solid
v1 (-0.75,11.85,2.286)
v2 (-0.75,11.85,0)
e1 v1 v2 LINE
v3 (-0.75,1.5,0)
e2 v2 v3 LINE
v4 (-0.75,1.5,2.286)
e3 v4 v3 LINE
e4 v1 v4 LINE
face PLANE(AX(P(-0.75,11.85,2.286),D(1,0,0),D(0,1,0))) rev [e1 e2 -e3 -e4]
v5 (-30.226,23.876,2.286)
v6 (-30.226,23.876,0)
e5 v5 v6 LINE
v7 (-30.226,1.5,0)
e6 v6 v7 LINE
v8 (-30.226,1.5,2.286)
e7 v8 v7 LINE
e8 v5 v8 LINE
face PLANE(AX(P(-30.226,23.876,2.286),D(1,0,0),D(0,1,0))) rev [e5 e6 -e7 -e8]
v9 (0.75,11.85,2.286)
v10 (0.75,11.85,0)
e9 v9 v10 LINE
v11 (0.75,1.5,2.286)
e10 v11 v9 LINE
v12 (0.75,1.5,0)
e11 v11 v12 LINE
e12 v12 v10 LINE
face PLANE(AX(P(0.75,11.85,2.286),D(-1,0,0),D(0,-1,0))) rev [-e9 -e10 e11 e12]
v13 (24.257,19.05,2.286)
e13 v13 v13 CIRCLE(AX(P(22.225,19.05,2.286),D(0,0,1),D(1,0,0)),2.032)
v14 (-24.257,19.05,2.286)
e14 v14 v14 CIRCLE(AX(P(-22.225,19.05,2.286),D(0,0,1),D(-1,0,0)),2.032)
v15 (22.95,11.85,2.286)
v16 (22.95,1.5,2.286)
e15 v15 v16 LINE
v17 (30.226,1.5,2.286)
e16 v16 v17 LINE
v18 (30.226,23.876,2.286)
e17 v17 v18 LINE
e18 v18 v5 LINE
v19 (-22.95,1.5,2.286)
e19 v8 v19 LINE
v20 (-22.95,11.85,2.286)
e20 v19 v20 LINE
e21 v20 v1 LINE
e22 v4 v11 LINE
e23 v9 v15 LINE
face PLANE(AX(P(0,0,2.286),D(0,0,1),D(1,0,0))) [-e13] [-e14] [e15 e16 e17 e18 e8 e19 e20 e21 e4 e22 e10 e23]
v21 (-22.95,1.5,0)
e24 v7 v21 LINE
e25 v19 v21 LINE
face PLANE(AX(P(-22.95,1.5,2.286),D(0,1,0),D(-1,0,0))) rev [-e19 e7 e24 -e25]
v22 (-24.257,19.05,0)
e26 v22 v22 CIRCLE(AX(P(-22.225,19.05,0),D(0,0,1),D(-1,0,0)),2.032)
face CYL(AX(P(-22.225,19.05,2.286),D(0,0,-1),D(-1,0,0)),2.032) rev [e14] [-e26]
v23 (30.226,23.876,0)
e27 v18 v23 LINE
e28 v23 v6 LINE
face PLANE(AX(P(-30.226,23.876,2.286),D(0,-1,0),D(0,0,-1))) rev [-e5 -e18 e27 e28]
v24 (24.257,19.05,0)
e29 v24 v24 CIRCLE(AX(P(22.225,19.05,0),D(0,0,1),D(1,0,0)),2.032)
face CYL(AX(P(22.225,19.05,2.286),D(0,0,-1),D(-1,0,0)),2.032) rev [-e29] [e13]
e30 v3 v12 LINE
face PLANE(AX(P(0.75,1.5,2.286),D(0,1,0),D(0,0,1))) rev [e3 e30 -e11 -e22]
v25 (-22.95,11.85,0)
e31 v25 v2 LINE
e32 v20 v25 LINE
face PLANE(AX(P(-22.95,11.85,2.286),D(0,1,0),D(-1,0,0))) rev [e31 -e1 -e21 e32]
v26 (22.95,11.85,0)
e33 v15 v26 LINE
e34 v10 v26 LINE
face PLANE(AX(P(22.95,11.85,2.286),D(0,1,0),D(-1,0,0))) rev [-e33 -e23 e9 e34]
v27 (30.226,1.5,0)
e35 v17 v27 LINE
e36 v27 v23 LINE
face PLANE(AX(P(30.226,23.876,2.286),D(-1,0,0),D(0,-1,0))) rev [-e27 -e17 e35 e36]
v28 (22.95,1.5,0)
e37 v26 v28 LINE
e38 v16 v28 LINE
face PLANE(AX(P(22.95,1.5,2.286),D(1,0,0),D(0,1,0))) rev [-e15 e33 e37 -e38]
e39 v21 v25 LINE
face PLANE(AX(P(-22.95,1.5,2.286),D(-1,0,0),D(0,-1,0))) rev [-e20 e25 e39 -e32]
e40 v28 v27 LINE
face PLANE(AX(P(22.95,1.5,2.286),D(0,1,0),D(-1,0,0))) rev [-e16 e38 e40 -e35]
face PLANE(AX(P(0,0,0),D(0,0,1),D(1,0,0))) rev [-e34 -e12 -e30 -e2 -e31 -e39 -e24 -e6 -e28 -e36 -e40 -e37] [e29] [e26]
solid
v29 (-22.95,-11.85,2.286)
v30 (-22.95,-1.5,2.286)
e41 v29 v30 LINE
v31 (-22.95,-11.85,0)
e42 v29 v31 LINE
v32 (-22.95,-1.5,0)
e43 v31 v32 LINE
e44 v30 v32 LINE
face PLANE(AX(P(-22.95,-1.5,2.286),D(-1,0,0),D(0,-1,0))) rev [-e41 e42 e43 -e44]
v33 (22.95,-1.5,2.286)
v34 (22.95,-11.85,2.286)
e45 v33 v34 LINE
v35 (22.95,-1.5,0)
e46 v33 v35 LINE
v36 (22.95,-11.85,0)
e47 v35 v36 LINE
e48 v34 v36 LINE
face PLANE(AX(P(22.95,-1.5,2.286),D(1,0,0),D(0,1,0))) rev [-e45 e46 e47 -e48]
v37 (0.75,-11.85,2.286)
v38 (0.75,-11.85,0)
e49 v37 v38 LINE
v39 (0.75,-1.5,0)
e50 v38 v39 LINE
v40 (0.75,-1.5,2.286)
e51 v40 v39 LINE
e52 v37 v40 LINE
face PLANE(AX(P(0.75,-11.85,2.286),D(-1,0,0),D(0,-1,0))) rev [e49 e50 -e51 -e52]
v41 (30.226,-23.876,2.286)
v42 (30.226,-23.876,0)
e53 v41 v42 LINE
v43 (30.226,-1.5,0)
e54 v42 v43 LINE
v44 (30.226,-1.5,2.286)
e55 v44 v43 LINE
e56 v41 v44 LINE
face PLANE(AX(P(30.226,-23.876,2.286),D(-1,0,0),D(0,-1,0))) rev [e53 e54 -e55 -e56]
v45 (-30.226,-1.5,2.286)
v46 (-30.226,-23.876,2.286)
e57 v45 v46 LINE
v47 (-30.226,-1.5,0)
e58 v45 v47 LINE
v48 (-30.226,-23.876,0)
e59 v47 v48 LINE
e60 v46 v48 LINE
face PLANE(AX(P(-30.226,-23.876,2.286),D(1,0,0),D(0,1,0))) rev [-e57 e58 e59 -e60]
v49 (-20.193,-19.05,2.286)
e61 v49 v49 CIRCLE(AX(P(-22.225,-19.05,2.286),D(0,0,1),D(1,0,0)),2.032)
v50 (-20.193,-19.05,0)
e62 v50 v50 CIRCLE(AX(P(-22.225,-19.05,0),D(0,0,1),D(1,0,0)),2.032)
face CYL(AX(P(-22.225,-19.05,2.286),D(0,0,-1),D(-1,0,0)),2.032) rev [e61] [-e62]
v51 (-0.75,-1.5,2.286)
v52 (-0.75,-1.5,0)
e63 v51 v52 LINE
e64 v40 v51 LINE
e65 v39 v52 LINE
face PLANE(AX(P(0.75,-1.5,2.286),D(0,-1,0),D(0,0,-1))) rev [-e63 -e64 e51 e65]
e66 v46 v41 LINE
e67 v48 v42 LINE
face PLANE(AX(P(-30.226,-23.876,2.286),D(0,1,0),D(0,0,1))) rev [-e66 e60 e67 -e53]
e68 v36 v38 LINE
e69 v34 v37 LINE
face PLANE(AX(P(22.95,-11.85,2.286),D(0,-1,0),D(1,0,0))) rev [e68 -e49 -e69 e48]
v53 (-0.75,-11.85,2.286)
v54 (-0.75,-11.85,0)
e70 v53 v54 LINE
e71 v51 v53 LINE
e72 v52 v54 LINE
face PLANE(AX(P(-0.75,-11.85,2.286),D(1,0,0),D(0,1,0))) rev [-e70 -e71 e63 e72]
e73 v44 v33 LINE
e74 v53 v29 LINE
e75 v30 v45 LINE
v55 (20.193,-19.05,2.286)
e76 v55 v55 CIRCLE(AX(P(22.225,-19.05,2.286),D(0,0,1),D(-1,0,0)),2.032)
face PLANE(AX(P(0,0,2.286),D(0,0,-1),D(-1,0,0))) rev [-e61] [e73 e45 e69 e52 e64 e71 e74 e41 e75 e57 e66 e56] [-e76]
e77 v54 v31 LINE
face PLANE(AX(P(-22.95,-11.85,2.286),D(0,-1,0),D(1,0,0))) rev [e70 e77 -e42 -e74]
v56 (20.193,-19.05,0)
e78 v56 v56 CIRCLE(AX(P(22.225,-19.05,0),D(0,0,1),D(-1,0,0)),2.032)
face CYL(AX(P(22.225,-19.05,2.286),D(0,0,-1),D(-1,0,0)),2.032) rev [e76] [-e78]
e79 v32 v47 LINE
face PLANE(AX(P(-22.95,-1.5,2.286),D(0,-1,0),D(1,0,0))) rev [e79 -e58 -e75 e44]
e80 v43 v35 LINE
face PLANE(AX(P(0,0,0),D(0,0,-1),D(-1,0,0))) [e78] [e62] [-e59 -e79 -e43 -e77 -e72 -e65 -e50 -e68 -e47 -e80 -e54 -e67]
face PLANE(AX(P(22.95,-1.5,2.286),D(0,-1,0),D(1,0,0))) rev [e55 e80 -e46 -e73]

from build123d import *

# Parameters (mm, degrees)
SKETCH1_R             = 2.032
BOSS_EXTRUDE1_DEPTH   = 2.286
BOSS_EXTRUDE1_2_DEPTH = 2.286


with BuildPart() as part:
    # Sketch1 → Boss-Extrude1 (new body)
    with BuildSketch(Plane.XY):
        Polygon((-30.226, 23.876), (30.226, 23.876), (30.226, 1.5), (22.95, 1.5), (22.95, 11.85), (0.75, 11.85), (0.75, 1.5), (-0.75, 1.5), (-0.75, 11.85), (-22.95, 11.85), (-22.95, 1.5), (-30.226, 1.5), align=None)
        with Locations((22.225, 19.05)):
            Circle(SKETCH1_R, mode=Mode.SUBTRACT)
        with Locations(Location((-22.225, 19.05, 0), (0, 0, 180))):
            Circle(SKETCH1_R, mode=Mode.SUBTRACT)
    extrude(amount=BOSS_EXTRUDE1_DEPTH)


with BuildPart() as body_2:
    # Sketch1 → Boss-Extrude1 2 (new body)
    with BuildSketch(Plane.XY):
        Polygon((22.95, -1.5), (30.226, -1.5), (30.226, -23.876), (-30.226, -23.876), (-30.226, -1.5), (-22.95, -1.5), (-22.95, -11.85), (-0.75, -11.85), (-0.75, -1.5), (0.75, -1.5), (0.75, -11.85), (22.95, -11.85), align=None)
        with Locations(Location((22.225, -19.05, 0), (0, 0, 180))):
            Circle(SKETCH1_R, mode=Mode.SUBTRACT)
        with Locations((-22.225, -19.05)):
            Circle(SKETCH1_R, mode=Mode.SUBTRACT)
    extrude(amount=BOSS_EXTRUDE1_2_DEPTH)


solid = Compound([part.part, body_2.part])
